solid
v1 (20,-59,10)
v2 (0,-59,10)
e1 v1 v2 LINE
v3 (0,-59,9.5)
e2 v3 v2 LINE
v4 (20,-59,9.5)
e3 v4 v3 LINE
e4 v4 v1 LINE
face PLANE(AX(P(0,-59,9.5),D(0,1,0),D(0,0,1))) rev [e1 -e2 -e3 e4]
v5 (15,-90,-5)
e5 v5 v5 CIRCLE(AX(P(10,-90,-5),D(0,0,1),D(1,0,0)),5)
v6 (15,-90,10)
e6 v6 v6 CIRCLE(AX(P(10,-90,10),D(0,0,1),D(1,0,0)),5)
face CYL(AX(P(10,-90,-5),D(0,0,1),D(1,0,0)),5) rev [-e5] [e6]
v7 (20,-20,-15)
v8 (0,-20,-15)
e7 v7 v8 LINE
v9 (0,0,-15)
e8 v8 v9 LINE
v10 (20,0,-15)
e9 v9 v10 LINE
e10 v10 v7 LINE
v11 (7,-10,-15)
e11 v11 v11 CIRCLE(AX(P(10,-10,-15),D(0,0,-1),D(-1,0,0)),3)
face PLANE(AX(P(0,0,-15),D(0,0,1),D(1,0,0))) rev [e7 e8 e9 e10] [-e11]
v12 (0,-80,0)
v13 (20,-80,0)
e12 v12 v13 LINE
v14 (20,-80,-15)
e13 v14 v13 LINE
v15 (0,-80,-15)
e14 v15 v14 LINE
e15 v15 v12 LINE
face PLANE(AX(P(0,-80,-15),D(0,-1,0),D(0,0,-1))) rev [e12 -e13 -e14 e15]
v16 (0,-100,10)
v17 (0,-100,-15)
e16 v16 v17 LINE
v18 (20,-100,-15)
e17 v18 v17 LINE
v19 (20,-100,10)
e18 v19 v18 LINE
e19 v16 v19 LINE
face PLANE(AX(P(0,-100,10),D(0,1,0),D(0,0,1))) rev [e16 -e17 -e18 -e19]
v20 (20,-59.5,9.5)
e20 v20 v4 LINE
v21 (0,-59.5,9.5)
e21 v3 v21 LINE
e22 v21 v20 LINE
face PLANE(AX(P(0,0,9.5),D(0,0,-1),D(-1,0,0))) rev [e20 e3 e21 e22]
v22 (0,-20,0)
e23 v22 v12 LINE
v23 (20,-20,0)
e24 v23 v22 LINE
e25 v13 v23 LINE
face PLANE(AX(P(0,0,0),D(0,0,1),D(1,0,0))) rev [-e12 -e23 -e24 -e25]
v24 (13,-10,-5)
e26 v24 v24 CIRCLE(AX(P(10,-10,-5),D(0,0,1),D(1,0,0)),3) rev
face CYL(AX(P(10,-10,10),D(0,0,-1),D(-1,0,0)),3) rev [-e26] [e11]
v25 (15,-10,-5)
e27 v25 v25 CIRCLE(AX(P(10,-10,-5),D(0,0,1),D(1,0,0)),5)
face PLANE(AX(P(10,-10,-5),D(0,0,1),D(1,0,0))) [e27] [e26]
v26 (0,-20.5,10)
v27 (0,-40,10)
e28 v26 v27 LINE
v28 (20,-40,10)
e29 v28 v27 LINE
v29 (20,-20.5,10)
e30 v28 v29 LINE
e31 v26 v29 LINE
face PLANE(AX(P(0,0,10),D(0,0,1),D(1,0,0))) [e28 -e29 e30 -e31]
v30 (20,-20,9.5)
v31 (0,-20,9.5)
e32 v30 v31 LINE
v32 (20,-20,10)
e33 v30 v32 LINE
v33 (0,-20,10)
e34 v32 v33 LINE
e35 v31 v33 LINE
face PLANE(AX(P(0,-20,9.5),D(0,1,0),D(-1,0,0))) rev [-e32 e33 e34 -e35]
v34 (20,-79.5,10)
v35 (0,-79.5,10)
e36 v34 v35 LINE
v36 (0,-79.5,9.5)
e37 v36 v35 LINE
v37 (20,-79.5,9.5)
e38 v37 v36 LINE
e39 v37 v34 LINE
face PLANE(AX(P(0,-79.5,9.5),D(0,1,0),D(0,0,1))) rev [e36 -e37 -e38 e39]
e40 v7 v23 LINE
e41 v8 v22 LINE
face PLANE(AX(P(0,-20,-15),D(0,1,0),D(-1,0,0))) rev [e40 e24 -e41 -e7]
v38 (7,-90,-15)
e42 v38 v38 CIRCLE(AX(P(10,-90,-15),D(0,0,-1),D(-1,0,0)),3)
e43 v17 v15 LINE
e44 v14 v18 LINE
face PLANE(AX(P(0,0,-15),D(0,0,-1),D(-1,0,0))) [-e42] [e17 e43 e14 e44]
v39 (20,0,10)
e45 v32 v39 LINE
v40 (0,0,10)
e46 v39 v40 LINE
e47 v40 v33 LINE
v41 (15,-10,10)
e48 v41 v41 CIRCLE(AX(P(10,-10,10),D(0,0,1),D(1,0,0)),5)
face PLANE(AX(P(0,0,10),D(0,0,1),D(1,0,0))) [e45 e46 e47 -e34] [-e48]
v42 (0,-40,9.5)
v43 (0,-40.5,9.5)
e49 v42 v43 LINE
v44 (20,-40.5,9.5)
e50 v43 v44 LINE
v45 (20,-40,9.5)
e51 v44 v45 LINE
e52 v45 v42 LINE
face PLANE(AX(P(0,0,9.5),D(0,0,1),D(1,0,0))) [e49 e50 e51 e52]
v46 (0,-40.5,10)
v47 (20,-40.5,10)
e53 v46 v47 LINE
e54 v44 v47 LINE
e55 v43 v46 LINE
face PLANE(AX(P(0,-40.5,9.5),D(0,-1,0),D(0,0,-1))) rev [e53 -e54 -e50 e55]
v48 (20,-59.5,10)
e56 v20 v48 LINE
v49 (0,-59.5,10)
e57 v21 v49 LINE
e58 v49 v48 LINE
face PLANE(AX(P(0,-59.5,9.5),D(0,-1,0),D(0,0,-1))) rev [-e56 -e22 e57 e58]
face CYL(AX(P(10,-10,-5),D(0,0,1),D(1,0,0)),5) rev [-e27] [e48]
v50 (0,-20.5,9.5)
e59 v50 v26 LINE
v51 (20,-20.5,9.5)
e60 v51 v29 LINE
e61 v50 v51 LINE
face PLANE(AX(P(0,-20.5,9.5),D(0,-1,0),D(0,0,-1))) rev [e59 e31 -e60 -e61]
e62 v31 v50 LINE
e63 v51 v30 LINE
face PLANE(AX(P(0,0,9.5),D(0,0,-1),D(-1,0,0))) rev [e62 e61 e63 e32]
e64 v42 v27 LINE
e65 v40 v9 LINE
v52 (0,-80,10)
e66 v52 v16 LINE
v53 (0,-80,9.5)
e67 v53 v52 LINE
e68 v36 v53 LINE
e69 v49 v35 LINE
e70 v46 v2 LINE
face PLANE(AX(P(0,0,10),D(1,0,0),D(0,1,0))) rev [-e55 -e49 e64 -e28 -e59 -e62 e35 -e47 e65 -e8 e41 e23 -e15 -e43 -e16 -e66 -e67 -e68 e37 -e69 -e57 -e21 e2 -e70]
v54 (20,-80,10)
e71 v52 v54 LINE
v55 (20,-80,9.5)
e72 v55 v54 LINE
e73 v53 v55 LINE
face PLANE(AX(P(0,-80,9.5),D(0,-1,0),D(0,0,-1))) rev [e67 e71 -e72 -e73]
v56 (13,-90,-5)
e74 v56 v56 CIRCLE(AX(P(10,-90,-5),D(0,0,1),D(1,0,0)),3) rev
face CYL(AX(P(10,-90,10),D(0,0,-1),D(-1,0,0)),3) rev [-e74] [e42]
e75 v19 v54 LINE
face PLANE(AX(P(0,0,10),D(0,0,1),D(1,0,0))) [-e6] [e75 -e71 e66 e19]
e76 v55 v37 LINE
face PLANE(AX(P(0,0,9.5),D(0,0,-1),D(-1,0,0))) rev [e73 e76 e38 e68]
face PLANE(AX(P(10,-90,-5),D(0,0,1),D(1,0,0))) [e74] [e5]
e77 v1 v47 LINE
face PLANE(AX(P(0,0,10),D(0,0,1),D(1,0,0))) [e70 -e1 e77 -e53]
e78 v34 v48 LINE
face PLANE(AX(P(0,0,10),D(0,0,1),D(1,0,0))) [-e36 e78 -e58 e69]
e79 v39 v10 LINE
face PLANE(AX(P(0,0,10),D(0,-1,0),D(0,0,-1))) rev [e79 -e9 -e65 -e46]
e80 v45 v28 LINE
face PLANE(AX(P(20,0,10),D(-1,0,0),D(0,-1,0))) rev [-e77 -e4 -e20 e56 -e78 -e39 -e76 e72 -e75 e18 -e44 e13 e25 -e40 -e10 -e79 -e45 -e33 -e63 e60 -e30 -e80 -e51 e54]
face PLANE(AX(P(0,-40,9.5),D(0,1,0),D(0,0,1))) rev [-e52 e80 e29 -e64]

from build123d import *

# Parameters (mm, degrees)
SKETCH_1_W          = 20
SKETCH_1_H          = 100
EXTRUDE_1_DEPTH     = 10
SKETCH_2_W          = 20
SKETCH_2_H          = 20
EXTRUDE_2_DEPTH     = 15
SKETCH_3_R          = 3
CUT_EXTRUDE_1_DEPTH = 106
SKETCH_4_R          = 5
CUT_EXTRUDE_2_DEPTH = 15
SKETCH_5_W          = 20
SKETCH_5_H          = 0.5
CUT_EXTRUDE_3_DEPTH = 0.5


with BuildPart() as part:
    # 草图1 → 凸台-拉伸1 (new body)
    with BuildSketch(Plane.XY):
        with Locations((10, -50)):
            Rectangle(SKETCH_1_W, SKETCH_1_H)
    extrude(amount=EXTRUDE_1_DEPTH)

    # 草图2 → 凸台-拉伸2 (add)
    with BuildSketch(Plane(origin=(0, 0, 0), x_dir=(-1, 0, 0), z_dir=(0, 0, -1))):
        with Locations((-10, -10)):
            Rectangle(SKETCH_2_W, SKETCH_2_H)
        with Locations((-10, -90)):
            Rectangle(SKETCH_2_W, SKETCH_2_H)
    extrude(amount=EXTRUDE_2_DEPTH)

    # 草图3 → 切除-拉伸1 (cut, through all)
    with BuildSketch(Plane(origin=(0, 0, -15), x_dir=(-1, 0, 0), z_dir=(0, 0, -1))):
        with Locations((-10, -10)):
            Circle(SKETCH_3_R)
        with Locations((-10, -90)):
            Circle(SKETCH_3_R)
    extrude(amount=-CUT_EXTRUDE_1_DEPTH, mode=Mode.SUBTRACT)

    # 草图4 → 切除-拉伸2 (cut)
    with BuildSketch(Plane.XY.offset(10)):
        with Locations((10, -10)):
            Circle(SKETCH_4_R)
        with Locations((10, -90)):
            Circle(SKETCH_4_R)
    extrude(amount=-CUT_EXTRUDE_2_DEPTH, mode=Mode.SUBTRACT)

    # 草图5 → 切除-拉伸3 (cut)
    with BuildSketch(Plane.XY.offset(10)):
        with Locations((10, -79.75)):
            Rectangle(SKETCH_5_W, SKETCH_5_H)
        with Locations((10, -59.25)):
            Rectangle(SKETCH_5_W, SKETCH_5_H)
        with Locations((10, -40.25)):
            Rectangle(SKETCH_5_W, SKETCH_5_H)
        with Locations((10, -20.25)):
            Rectangle(SKETCH_5_W, SKETCH_5_H)
    extrude(amount=-CUT_EXTRUDE_3_DEPTH, mode=Mode.SUBTRACT)


solid = part.part
